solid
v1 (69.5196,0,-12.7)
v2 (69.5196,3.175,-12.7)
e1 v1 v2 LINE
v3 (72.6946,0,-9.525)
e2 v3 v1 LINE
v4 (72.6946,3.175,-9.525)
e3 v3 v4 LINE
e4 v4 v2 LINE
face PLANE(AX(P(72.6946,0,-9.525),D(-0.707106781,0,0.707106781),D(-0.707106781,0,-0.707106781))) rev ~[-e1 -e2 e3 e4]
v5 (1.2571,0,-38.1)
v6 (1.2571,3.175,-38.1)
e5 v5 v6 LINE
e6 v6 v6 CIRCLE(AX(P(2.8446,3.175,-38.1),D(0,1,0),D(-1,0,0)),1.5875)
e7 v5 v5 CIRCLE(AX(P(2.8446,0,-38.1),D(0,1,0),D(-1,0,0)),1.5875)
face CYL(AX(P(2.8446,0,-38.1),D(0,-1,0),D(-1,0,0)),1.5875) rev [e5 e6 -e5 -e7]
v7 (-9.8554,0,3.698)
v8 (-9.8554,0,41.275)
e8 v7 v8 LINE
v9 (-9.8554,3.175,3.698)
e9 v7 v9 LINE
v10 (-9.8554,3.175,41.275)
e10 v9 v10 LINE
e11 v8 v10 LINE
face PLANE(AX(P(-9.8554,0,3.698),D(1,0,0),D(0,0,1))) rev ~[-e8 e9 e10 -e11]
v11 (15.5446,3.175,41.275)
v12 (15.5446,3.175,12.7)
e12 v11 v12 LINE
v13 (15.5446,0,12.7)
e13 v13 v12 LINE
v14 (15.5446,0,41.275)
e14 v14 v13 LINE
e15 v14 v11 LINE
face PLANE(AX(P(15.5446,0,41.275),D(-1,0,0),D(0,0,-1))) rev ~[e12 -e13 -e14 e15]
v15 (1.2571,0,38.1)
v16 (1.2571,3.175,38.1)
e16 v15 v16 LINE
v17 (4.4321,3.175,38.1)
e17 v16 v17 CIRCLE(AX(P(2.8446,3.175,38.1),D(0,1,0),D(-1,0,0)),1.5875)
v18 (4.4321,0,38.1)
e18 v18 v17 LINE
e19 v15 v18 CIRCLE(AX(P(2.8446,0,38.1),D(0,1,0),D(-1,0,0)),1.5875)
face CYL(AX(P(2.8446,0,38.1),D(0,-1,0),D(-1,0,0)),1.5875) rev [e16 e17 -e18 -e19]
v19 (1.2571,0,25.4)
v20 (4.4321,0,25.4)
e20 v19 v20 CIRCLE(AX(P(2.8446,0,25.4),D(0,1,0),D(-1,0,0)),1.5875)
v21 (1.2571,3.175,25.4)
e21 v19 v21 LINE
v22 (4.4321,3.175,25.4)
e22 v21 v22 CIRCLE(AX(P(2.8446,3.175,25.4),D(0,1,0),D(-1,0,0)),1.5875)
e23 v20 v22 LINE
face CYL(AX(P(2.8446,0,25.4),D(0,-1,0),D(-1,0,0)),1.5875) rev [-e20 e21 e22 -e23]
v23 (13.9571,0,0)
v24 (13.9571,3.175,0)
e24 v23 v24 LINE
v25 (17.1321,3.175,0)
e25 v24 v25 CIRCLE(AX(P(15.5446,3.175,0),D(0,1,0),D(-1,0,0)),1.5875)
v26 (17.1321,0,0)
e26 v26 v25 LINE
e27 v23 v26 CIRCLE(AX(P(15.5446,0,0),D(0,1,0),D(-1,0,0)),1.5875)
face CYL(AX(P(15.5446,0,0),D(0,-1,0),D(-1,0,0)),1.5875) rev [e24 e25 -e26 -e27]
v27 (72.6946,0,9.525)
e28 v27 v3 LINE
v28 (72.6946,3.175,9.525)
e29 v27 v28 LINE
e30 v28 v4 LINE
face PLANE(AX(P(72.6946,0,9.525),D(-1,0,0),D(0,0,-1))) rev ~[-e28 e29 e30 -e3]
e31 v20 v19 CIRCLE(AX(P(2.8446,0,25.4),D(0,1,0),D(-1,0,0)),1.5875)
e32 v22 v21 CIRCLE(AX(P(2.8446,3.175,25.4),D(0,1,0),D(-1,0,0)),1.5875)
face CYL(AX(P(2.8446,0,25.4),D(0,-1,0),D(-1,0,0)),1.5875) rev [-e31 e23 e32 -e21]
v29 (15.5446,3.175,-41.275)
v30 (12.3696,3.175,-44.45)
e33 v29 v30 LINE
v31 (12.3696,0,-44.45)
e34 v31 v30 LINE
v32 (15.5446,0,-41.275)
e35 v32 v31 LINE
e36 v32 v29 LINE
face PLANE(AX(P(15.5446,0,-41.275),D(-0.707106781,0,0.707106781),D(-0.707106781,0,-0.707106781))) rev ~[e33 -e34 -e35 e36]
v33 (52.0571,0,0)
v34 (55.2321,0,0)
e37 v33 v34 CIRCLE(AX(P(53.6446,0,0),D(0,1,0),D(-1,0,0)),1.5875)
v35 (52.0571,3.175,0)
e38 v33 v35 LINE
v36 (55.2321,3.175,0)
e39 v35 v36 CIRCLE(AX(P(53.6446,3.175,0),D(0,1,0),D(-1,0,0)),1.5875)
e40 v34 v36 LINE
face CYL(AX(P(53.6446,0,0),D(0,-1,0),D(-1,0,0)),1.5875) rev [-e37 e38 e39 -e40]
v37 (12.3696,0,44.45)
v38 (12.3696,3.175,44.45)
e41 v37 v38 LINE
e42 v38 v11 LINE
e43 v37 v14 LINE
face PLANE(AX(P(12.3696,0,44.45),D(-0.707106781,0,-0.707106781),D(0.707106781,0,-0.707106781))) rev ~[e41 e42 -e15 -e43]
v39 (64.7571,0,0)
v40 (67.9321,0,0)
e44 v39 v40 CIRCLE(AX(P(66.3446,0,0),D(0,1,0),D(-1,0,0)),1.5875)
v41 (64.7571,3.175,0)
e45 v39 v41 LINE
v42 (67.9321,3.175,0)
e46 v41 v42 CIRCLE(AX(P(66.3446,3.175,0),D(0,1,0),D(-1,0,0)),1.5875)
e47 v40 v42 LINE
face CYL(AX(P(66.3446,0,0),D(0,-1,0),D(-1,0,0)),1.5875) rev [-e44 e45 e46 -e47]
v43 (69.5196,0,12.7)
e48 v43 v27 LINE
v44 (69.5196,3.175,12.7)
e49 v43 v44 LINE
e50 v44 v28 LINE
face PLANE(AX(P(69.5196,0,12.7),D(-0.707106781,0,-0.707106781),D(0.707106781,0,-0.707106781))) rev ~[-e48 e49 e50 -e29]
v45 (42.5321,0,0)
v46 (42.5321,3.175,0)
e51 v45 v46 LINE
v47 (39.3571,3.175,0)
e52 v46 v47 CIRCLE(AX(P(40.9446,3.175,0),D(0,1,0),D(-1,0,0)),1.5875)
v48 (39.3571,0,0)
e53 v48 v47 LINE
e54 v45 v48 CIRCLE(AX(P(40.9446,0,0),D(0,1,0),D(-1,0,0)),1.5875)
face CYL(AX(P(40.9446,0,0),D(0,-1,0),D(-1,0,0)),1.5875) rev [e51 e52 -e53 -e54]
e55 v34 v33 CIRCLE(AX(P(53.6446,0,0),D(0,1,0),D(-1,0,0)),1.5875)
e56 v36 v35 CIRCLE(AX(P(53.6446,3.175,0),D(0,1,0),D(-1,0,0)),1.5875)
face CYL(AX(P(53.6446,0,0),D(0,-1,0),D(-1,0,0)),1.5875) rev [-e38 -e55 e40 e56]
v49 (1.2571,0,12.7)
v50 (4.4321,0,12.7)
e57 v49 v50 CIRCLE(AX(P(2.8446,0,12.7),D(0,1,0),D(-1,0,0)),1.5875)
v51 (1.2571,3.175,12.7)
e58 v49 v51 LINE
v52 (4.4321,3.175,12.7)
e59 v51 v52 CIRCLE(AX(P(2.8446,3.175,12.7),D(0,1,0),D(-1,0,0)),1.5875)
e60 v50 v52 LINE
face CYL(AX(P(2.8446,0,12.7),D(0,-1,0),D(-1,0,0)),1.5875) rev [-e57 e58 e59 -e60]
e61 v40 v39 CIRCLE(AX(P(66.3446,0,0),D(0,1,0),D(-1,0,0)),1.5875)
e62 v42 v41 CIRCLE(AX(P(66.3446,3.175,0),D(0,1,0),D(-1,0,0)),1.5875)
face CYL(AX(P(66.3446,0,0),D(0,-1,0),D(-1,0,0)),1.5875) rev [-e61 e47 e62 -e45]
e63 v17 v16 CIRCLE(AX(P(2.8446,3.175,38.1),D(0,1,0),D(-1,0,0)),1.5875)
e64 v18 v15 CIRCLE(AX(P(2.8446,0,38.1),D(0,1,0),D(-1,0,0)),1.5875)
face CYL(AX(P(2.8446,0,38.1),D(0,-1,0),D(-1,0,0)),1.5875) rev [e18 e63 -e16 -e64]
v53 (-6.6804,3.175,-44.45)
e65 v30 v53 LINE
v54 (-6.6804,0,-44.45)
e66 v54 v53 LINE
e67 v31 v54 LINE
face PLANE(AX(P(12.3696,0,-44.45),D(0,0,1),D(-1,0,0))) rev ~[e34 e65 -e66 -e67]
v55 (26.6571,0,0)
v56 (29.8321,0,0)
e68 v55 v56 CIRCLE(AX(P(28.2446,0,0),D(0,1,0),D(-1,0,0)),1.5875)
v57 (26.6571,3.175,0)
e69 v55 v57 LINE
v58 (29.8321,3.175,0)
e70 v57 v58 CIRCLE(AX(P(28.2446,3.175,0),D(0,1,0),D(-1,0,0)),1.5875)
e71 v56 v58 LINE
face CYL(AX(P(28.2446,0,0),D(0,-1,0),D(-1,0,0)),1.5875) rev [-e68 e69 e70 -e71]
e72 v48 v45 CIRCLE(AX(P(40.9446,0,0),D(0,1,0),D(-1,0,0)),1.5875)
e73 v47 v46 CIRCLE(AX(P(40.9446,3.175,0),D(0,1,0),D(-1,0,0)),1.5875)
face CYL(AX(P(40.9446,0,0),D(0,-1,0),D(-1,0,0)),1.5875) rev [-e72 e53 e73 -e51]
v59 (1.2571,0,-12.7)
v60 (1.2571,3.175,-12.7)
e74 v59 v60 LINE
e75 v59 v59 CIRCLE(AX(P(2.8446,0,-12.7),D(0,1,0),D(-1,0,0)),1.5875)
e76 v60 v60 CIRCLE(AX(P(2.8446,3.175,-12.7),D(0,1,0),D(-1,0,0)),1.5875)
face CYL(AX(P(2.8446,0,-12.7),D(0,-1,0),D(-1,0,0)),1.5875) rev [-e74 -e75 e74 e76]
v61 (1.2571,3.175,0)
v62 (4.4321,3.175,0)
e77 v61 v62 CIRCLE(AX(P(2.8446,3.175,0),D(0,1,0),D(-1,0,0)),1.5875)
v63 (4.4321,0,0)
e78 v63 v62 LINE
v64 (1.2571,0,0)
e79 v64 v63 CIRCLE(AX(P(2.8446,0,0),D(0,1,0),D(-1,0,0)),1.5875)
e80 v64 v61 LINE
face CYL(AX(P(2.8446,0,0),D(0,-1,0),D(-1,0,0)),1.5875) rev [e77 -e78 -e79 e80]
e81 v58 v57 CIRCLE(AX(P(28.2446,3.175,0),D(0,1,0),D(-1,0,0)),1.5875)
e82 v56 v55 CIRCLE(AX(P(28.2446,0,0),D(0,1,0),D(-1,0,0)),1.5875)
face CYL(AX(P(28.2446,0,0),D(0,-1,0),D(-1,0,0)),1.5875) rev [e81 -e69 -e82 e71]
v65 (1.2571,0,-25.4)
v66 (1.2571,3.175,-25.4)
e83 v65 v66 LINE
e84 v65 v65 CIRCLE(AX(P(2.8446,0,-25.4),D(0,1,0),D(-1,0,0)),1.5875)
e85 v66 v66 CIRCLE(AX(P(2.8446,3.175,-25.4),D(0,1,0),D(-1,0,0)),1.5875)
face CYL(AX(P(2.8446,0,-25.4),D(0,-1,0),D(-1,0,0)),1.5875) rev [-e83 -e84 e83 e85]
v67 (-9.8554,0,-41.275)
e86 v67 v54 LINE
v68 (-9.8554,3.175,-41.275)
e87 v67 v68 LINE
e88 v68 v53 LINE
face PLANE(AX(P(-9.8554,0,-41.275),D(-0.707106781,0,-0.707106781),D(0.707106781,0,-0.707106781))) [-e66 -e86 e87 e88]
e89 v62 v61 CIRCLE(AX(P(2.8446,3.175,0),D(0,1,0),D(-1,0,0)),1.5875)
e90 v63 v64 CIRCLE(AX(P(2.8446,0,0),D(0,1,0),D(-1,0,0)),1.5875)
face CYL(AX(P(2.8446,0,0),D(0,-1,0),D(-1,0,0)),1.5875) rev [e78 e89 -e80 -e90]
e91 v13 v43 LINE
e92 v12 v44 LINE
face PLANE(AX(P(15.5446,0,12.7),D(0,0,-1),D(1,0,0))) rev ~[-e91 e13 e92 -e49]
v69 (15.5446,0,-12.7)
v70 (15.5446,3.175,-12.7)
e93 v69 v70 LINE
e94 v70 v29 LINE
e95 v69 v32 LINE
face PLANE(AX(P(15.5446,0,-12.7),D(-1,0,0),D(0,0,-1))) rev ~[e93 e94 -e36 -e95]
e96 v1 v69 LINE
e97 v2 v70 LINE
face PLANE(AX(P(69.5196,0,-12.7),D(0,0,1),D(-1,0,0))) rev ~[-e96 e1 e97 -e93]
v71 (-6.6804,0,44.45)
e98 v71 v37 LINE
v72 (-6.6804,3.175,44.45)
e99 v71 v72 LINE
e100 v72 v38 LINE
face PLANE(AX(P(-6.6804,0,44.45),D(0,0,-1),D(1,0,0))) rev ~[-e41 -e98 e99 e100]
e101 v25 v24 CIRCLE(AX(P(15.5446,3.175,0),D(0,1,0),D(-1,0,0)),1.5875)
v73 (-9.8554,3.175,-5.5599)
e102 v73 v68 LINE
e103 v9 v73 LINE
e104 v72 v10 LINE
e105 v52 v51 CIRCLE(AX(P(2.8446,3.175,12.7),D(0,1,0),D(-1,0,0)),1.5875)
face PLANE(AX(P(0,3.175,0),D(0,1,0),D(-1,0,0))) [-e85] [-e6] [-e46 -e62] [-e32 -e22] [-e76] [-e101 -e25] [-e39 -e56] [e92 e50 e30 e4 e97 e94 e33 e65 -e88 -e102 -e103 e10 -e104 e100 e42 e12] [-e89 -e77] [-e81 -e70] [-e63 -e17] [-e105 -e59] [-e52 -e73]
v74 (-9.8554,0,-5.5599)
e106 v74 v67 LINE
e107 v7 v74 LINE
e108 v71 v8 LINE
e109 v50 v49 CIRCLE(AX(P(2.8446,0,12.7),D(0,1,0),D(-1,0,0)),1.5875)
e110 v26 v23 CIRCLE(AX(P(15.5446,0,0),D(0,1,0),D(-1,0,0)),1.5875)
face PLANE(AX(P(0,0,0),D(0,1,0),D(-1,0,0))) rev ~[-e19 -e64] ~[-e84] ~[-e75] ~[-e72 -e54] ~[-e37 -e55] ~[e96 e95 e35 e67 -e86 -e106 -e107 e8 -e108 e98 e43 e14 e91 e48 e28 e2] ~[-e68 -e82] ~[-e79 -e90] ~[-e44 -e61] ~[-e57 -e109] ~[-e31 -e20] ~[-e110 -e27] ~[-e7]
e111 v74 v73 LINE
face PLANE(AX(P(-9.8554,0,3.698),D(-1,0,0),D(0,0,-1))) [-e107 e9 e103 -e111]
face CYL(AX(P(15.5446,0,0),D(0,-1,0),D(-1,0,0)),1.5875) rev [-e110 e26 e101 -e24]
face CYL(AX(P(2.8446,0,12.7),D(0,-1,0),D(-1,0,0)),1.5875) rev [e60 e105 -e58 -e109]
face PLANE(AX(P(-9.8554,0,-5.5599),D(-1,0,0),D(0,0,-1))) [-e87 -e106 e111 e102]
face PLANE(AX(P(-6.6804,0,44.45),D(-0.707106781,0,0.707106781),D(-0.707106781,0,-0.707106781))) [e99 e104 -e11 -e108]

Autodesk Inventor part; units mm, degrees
ref_plane "YZ Plane" through (0, 0, 0) normal (1, 0, 0) x (0, 1, 0)
ref_plane "XZ Plane" through (0, 0, 0) normal (0, 1, 0) x (-1, 0, 0)
ref_plane "XY Plane" through (0, 0, 0) normal (0, 0, 1) x (1, 0, 0)
sketch "Sketch1" plane through (0, 0, 0) normal (0, 1, 0) x (-1, 0, 0)
  line L0 (9.8554, 3.698) -> (9.8554, -5.5599)
  line L1 (0, 0) -> (-5.6892, 0)
  circle A0 centre (-2.8446, 0) radius 1.5875
  circle A1 centre (-2.8446, -12.7) radius 1.5875
  circle A2 centre (-2.8446, -25.4) radius 1.5875
  circle A3 centre (-2.8446, -38.1) radius 1.5875
  line L2 (0, 12.7) -> (-5.6892, 12.7)
  circle A4 centre (-2.8446, 12.7) radius 1.5875
  line L3 (0, 25.4) -> (-5.6892, 25.4)
  circle A5 centre (-2.8446, 25.4) radius 1.5875
  line L4 (0, 38.1) -> (-5.6892, 38.1)
  circle A6 centre (-2.8446, 38.1) radius 1.5875
  line L5 (-12.7, 0) -> (-18.3892, 0)
  circle A7 centre (-15.5446, 0) radius 1.5875
  line L6 (-25.4, 0) -> (-31.0892, 0)
  circle A8 centre (-28.2446, 0) radius 1.5875
  line L7 (-38.1, 0) -> (-43.7892, 0)
  circle A9 centre (-40.9446, 0) radius 1.5875
  line L8 (-50.8, 0) -> (-56.4892, 0)
  circle A10 centre (-53.6446, 0) radius 1.5875
  line L9 (-63.5, 0) -> (-69.1892, 0)
  circle A11 centre (-66.3446, 0) radius 1.5875
  line L10 (9.8554, 3.698) -> (9.8554, 44.45)
  line L11 (9.8554, 44.45) -> (-15.5446, 44.45)
  line L12 (-15.5446, 44.45) -> (-15.5446, 12.7)
  line L13 (-15.5446, 12.7) -> (-72.6946, 12.7)
  line L14 (-72.6946, 12.7) -> (-72.6946, -12.7)
  line L15 (-72.6946, -12.7) -> (-15.5446, -12.7)
  line L16 (-15.5446, -12.7) -> (-15.5446, -44.45)
  line L17 (-15.5446, -44.45) -> (9.8554, -44.45)
  line L18 (9.8554, -5.5599) -> (9.8554, -44.45)
  line L19 (-12.3696, 44.45) -> (-15.5446, 41.275)
  line L20 (6.6804, 44.45) -> (9.8554, 41.275)
  line L21 (9.8554, -41.275) -> (6.6804, -44.45)
  line L22 (-15.5446, -41.275) -> (-12.3696, -44.45)
  line L23 (-69.5196, 12.7) -> (-72.6946, 9.525)
  line L24 (-72.6946, -9.525) -> (-69.5196, -12.7)
  point P0 (-72.6946, 0)
  point P1 (-66.3446, 0)
  dimension "d0" = 3.175
  dimension "d1" = 12.7
  dimension "d4" = 12.7
  dimension "d11" = 12.7
  dimension "d18" = 12.7
  dimension "d23" = 25.4
  dimension "d24" = 6.35
  dimension "d25" = 12.7
  dimension "d26" = 6.35
  dimension "d27" = 25.4
extrude "Extrusion1" add sketch "Sketch1" along normal blind 3.175 contours L0 L18 L21 L17 L22 L16 L15 L24 L14 L23 L13 L12 L19 L11 L20 L10
properties part number "T-Bracket"
